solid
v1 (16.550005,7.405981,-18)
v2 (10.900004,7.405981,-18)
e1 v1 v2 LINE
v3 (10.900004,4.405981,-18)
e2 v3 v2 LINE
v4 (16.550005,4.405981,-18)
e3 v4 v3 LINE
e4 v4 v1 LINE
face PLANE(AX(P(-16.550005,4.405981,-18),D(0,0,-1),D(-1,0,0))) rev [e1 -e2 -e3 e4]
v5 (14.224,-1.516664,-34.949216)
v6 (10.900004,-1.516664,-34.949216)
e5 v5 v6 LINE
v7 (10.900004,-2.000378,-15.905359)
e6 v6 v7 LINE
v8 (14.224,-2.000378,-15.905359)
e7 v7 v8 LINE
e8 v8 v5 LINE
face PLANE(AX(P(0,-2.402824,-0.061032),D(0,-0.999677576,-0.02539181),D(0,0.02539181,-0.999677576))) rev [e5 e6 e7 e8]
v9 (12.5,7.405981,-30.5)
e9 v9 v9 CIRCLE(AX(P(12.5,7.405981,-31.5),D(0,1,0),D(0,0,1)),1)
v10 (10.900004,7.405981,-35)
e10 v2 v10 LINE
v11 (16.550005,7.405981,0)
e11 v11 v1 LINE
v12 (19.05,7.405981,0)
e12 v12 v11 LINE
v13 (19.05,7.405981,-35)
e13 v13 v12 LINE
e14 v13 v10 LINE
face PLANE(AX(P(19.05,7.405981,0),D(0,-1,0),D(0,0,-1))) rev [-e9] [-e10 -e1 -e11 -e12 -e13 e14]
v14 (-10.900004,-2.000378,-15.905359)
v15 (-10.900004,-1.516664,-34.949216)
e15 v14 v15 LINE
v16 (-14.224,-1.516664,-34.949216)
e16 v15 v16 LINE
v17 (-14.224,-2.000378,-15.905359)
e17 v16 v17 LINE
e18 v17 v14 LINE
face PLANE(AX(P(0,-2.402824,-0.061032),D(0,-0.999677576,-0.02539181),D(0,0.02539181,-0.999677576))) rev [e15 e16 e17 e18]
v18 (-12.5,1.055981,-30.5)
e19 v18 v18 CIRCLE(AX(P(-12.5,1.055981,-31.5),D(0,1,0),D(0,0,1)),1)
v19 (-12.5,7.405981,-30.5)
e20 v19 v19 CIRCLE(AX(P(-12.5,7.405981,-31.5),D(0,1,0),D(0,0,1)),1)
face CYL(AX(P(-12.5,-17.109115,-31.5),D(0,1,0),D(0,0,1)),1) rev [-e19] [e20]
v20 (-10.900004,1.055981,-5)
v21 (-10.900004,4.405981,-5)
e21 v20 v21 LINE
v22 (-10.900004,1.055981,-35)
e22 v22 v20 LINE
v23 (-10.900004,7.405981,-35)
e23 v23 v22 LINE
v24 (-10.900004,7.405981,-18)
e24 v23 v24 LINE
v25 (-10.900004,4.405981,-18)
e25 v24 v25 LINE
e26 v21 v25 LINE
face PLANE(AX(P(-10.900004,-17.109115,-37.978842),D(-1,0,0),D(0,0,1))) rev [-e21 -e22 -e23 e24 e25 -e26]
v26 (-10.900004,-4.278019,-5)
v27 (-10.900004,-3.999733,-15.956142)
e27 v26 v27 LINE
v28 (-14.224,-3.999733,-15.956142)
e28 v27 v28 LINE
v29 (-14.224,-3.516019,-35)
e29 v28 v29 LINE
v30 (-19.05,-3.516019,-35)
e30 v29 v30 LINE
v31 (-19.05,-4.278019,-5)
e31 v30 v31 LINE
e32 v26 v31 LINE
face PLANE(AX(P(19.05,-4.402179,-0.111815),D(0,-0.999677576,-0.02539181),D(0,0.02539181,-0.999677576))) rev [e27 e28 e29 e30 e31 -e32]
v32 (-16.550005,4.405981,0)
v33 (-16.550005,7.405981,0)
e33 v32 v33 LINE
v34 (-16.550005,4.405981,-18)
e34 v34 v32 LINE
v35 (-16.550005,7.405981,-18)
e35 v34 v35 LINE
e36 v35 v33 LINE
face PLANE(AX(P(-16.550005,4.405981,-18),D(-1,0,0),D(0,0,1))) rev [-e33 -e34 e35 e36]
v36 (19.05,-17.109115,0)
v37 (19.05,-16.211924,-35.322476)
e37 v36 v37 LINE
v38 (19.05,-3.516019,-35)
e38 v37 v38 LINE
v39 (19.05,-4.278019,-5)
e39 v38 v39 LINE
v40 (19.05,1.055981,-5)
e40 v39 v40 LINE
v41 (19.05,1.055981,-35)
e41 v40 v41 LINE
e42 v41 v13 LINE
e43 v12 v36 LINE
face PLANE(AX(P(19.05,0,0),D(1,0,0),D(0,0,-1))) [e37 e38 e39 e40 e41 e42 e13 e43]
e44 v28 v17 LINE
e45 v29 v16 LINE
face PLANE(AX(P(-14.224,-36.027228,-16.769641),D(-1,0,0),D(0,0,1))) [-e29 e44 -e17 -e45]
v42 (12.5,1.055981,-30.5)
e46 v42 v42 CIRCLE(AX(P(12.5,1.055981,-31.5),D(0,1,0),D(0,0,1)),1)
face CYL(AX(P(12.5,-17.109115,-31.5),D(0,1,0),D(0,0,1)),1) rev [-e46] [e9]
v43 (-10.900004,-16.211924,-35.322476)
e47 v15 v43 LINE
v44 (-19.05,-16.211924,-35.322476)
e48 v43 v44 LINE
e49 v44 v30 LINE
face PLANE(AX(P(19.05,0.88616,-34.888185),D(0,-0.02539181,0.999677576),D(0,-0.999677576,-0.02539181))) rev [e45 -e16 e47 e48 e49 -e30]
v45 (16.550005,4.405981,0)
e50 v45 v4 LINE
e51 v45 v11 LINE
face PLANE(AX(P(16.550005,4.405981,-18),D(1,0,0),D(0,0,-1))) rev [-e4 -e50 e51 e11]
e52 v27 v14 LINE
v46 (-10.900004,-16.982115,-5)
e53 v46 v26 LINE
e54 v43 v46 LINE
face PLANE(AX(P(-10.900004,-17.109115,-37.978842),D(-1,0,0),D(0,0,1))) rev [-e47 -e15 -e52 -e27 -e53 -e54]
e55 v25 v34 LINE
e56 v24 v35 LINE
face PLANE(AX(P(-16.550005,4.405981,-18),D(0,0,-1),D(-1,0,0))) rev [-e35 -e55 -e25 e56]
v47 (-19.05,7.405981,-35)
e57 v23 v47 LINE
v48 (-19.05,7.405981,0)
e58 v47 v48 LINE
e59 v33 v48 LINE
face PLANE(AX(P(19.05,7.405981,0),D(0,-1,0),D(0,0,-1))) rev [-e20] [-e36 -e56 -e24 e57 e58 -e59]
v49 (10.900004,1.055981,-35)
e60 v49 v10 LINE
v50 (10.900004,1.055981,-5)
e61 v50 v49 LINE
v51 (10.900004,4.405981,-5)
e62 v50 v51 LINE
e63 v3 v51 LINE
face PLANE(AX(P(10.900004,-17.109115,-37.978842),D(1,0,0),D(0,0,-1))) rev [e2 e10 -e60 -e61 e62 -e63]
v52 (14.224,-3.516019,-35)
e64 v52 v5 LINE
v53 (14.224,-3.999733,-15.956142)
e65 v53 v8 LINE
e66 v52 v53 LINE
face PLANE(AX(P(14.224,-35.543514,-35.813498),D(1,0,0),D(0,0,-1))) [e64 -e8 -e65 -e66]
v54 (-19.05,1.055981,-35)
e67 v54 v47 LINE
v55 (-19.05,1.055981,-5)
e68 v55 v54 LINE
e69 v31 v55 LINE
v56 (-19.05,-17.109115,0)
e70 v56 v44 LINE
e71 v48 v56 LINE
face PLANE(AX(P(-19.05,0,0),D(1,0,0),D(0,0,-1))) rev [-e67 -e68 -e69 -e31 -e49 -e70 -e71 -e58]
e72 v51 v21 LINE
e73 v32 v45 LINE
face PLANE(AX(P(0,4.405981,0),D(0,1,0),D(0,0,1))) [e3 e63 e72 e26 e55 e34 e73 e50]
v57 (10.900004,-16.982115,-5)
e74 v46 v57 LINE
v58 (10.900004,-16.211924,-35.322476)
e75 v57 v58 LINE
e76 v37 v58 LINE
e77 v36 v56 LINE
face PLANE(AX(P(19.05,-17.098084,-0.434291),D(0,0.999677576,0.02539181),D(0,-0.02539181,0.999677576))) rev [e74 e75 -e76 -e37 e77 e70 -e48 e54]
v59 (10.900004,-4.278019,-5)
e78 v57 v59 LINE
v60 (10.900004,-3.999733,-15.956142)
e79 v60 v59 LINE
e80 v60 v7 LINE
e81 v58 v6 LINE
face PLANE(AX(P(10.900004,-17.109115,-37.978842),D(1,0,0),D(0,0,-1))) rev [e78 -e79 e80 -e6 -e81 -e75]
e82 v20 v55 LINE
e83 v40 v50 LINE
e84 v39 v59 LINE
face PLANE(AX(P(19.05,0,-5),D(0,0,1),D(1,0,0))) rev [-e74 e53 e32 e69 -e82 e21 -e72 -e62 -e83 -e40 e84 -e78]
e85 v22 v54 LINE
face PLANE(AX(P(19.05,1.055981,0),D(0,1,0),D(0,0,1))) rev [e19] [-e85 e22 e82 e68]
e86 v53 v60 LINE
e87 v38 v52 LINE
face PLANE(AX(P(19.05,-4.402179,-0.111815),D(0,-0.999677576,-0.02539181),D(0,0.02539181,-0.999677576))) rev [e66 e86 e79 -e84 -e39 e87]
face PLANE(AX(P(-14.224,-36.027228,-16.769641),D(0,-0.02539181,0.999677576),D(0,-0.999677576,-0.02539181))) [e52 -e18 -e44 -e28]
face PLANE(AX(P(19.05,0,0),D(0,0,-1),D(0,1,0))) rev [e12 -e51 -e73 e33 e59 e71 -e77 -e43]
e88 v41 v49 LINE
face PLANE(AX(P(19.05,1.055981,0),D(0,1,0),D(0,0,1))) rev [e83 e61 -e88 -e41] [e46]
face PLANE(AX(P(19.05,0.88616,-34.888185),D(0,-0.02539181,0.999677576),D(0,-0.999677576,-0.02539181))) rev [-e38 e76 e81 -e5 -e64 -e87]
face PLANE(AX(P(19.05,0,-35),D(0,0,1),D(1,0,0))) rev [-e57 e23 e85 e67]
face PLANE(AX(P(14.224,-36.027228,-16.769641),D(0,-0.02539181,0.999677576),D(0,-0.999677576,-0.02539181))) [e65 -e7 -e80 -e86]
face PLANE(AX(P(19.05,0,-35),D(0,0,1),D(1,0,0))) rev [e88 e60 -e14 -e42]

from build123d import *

# Parameters (mm, degrees)
BOSS_EXTRUDE1_DEPTH      = 19.05
SKETCH2_R                = 1
SKETCH2_W                = 21.8000072
SKETCH2_H                = 32.97884159
CUT_EXTRUDE1_DEPTH       = 25.515096105
SKETCH3_W                = 33.10001
SKETCH3_H                = 18
CUT_EXTRUDE2_DEPTH       = 3
SKETCH4_W                = 3.3239964
SKETCH4_H                = 19.05
BOSS_EXTRUDE2_DEPTH      = 2
BOSS_EXTRUDE2_DEPTH_BACK = 12.7


with BuildPart() as part:
    # Sketch1 → Boss-Extrude1 (new body, symmetric)
    with BuildSketch(Plane(origin=(0, 0, 0), x_dir=(0, 0, -1), z_dir=(1, 0, 0))):
        Polygon((35, 1.055980791), (35, 7.405980791), (0, 7.405980791), (0, -7.405980791), (35.076175279, -6.515045939), (35, -3.516019209), (5, -4.278019209), (5, 1.055980791), align=None)
        Polygon((0, -17.109115314), (35.322475992, -16.211924424), (35.076175279, -6.515045939), (0, -7.405980791), align=None)
    extrude(amount=BOSS_EXTRUDE1_DEPTH, both=True)

    # Sketch2 → Cut-Extrude1 (cut, through all)
    with BuildSketch(Plane(origin=(0, 7.405980791, 0), x_dir=(1, 0, 0), z_dir=(0, 1, 0))):
        with Locations((-12.5, 31.5)):
            Circle(SKETCH2_R)
        with Locations((12.5, 31.5)):
            Circle(SKETCH2_R)
        with Locations((0, 21.489420795)):
            Rectangle(SKETCH2_W, SKETCH2_H)
    extrude(amount=-CUT_EXTRUDE1_DEPTH, mode=Mode.SUBTRACT)

    # Sketch3 → Cut-Extrude2 (cut)
    with BuildSketch(Plane(origin=(0, 7.405980791, 0), x_dir=(1, 0, 0), z_dir=(0, 1, 0))):
        with Locations((0, 9)):
            Rectangle(SKETCH3_W, SKETCH3_H)
    extrude(amount=-CUT_EXTRUDE2_DEPTH, mode=Mode.SUBTRACT)

    # Sketch4 → Boss-Extrude2 (add, two sides)
    with BuildSketch(Plane(origin=(0, -4.402179099, -0.111815349), x_dir=(1, 0, 0), z_dir=(0, 0.999677576, 0.02539181))) as boss_extrude2_sk:
        with Locations((12.5620018, 25.374437067)):
            Rectangle(SKETCH4_W, SKETCH4_H)
        with Locations((-12.5620018, 25.374437067)):
            Rectangle(SKETCH4_W, SKETCH4_H)
    extrude(amount=BOSS_EXTRUDE2_DEPTH)
    extrude(boss_extrude2_sk.sketch, amount=-BOSS_EXTRUDE2_DEPTH_BACK)


solid = part.part
